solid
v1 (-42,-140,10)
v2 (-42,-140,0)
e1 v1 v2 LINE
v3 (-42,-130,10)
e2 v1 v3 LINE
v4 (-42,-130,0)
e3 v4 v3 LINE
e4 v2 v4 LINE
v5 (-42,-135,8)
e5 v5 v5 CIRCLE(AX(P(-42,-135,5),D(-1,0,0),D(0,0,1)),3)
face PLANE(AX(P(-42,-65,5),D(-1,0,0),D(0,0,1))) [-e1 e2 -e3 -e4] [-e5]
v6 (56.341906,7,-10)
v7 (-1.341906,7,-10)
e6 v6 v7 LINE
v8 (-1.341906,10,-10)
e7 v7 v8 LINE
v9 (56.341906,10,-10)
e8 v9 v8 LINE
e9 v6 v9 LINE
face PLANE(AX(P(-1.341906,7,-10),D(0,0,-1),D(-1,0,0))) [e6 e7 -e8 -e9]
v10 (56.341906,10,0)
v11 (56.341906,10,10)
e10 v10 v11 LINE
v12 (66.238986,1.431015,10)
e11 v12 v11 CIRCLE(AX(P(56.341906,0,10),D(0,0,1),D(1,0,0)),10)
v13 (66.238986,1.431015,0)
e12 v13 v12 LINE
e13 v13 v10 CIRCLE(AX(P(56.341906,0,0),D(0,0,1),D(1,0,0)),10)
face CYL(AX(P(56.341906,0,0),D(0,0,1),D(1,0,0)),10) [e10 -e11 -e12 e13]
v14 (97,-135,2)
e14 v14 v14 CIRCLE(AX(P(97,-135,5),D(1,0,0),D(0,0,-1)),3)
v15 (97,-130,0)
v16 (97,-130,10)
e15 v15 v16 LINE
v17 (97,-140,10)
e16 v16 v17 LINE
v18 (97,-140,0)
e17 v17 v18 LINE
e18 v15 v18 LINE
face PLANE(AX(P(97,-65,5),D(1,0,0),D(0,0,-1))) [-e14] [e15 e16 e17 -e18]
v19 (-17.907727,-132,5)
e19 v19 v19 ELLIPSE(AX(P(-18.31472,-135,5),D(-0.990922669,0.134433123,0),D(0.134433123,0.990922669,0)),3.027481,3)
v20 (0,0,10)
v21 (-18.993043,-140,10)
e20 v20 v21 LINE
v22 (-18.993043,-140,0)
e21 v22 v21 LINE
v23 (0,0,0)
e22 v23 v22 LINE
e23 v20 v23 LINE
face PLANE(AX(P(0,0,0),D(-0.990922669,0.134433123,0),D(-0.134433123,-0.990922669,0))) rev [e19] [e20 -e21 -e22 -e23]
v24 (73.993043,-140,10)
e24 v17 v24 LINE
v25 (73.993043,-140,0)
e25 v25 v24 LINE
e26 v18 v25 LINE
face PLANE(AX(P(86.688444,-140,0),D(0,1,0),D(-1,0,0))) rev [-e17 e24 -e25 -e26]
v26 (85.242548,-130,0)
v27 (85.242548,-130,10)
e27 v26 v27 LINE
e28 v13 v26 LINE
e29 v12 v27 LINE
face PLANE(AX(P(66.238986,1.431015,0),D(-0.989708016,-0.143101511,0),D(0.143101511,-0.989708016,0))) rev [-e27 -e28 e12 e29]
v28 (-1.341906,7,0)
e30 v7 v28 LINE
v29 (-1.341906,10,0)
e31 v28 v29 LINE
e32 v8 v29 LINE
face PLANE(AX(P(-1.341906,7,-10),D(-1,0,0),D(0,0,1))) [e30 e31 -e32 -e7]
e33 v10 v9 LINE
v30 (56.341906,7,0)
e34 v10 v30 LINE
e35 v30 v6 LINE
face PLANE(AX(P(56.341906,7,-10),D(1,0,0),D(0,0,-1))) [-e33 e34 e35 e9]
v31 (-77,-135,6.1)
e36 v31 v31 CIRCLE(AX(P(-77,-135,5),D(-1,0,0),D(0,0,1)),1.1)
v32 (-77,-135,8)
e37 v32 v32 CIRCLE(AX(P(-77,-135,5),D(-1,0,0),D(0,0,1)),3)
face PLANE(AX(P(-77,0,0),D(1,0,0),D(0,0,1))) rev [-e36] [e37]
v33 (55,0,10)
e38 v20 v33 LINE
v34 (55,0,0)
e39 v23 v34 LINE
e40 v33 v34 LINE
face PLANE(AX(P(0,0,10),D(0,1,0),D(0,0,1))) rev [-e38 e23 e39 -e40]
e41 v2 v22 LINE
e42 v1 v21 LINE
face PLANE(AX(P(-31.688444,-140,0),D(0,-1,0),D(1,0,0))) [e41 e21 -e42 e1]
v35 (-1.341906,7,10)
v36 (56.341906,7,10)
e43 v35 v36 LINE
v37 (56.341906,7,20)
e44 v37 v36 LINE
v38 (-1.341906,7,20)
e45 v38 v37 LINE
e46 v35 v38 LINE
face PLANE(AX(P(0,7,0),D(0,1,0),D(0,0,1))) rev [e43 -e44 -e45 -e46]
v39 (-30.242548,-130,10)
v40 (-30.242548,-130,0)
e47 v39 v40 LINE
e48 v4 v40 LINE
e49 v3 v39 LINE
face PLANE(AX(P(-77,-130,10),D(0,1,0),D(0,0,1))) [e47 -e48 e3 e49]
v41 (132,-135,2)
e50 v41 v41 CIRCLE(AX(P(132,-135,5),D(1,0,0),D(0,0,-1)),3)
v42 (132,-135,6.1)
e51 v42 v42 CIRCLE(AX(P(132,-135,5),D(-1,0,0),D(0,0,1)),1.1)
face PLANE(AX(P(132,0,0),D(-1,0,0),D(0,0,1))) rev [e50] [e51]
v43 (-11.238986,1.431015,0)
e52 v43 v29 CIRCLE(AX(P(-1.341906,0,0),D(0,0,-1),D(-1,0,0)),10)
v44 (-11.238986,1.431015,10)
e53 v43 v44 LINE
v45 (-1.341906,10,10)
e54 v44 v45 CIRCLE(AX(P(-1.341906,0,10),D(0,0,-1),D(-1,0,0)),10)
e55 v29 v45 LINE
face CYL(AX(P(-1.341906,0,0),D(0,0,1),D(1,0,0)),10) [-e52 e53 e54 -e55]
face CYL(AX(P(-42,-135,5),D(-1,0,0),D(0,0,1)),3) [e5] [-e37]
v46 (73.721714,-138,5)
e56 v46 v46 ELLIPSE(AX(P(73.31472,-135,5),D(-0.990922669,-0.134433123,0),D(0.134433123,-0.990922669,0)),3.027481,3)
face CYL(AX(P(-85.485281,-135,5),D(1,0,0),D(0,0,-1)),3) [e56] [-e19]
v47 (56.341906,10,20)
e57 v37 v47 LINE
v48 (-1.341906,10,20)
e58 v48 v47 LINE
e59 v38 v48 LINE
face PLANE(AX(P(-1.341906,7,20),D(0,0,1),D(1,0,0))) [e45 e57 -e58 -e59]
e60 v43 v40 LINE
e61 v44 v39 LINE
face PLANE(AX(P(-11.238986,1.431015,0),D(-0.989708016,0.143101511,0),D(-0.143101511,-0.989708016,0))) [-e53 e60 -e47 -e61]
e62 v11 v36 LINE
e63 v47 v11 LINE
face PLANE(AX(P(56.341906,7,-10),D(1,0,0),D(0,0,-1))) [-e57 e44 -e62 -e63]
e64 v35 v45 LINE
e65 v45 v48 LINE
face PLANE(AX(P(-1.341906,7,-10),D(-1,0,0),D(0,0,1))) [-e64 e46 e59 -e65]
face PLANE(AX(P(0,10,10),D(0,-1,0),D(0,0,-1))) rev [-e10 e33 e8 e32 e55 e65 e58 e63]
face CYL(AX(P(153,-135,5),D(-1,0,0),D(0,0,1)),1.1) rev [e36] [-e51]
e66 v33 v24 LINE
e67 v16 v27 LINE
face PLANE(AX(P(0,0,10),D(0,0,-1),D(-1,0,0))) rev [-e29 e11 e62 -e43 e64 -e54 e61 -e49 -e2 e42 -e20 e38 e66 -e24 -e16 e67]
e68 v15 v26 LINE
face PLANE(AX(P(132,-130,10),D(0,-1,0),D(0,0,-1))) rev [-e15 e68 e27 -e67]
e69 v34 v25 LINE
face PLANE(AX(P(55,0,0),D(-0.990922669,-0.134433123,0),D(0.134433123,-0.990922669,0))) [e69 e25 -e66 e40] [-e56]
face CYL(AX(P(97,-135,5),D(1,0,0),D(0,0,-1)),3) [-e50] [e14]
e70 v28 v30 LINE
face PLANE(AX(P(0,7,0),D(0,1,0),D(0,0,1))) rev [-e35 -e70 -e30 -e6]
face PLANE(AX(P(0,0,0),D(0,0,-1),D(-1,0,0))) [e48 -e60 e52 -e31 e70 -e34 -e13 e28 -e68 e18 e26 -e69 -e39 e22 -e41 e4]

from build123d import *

# Parameters (mm, degrees)
SKETCH1_W           = 55
SKETCH1_H           = 10
BOSS_EXTRUDE1_DEPTH = 10
BOSS_EXTRUDE2_DEPTH = 10
SKETCH6_W           = 10
SKETCH6_H           = 10
BOSS_EXTRUDE3_DEPTH = 52
SKETCH7_W           = 57.683812306
SKETCH7_H           = 30
BOSS_EXTRUDE4_DEPTH = 3
SKETCH9_OUTSIDE_W   = 83.8
SKETCH9_OUTSIDE_H   = 203.8
SKETCH9_OUTSIDE_R   = 3
CUT_EXTRUDE1_DEPTH  = 35
SKETCH10_OUTSIDE_W  = 83.8
SKETCH10_OUTSIDE_H  = 203.8
SKETCH10_OUTSIDE_R  = 3
CUT_EXTRUDE2_DEPTH  = 35
BOSS_EXTRUDE6_REACH = 254.351
SKETCH14_R          = 3
SKETCH15_R          = 1.1
CUT_EXTRUDE3_DEPTH  = 230


with BuildPart() as part:
    # Sketch1 → Boss-Extrude1 (new body)
    with BuildSketch(Plane.XY):
        with Locations((27.5, 5)):
            Rectangle(SKETCH1_W, SKETCH1_H)
    extrude(amount=BOSS_EXTRUDE1_DEPTH)

    # Sketch3 → Boss-Extrude2 (add)
    with BuildSketch(Plane.XY.offset(10)):
        with BuildLine():
            Line((0, 0), (-18.993043386, -140))
            Line((-18.993043386, -140), (-31.688443832, -140))
            Line((-31.688443832, -140), (-11.238986316, 1.431015115))
            ThreePointArc((-11.238986316, 1.431015115), (-7.887509596, 7.56009759), (-1.341906153, 10))
            Line((-1.341906153, 10), (0, 10))
            Line((0, 10), (0, 0))
        make_face()
    boss_extrude2 = extrude(amount=-BOSS_EXTRUDE2_DEPTH)

    # Mirror1: Boss-Extrude2 across plane
    add(boss_extrude2.mirror(Plane(origin=(27.5, 0, 0), x_dir=(0, 0, 1), z_dir=(1, 0, 0))))

    # Sketch6 → Boss-Extrude3 (add)
    with BuildSketch(Plane(origin=(80, 0, 0), x_dir=(0, 0, -1), z_dir=(1, 0, 0))):
        with Locations((-5, -135)):
            Rectangle(SKETCH6_W, SKETCH6_H)
    boss_extrude3 = extrude(amount=BOSS_EXTRUDE3_DEPTH)

    # Mirror2: Boss-Extrude3 across plane
    add(boss_extrude3.mirror(Plane(origin=(27.5, 0, 0), x_dir=(0, 0, 1), z_dir=(1, 0, 0))))

    # Sketch7 → Boss-Extrude4 (add)
    with BuildSketch(Plane(origin=(0, 10, 0), x_dir=(1, 0, 0), z_dir=(0, 1, 0))):
        with Locations((27.5, -5)):
            Rectangle(SKETCH7_W, SKETCH7_H)
    extrude(amount=-BOSS_EXTRUDE4_DEPTH)

    # Sketch9 outside → Cut-Extrude1 (cut)
    with BuildSketch(Plane.ZY.offset(77)):
        with Locations((5, -65)):
            Rectangle(SKETCH9_OUTSIDE_W, SKETCH9_OUTSIDE_H)
        with Locations((5, -135)):
            Circle(SKETCH9_OUTSIDE_R, mode=Mode.SUBTRACT)
    extrude(amount=-CUT_EXTRUDE1_DEPTH, mode=Mode.SUBTRACT)

    # Sketch10 outside → Cut-Extrude2 (cut)
    with BuildSketch(Plane(origin=(132, 0, 0), x_dir=(0, 0, -1), z_dir=(1, 0, 0))):
        with Locations((-5, -65)):
            Rectangle(SKETCH10_OUTSIDE_W, SKETCH10_OUTSIDE_H)
        with Locations(Location((-5, -135, 0), (0, 0, 180))):
            Circle(SKETCH10_OUTSIDE_R, mode=Mode.SUBTRACT)
    extrude(amount=-CUT_EXTRUDE2_DEPTH, mode=Mode.SUBTRACT)

    # Boss-Extrude6: up to this plane
    boss_extrude6_end = Plane(origin=(0, 0, 0), z_dir=(-0.9909226687301317, 0.13443312313843575, 0))
    # Sketch14 → Boss-Extrude6 (add, up to the surface)
    with BuildSketch(Plane(origin=(132, 0, 0), x_dir=(0, 0, -1), z_dir=(1, 0, 0)), mode=Mode.PRIVATE) as boss_extrude6_sk1:
        with Locations(Location((-5, -135, 0), (0, 0, 180))):
            Circle(SKETCH14_R)
    boss_extrude6_tool1 = split(extrude(boss_extrude6_sk1.sketch, amount=-BOSS_EXTRUDE6_REACH, mode=Mode.PRIVATE), bisect_by=boss_extrude6_end, keep=Keep.BOTH, mode=Mode.PRIVATE)
    add(boss_extrude6_tool1.solids().sort_by_distance((132, -135, 5))[0])

    # Sketch15 → Cut-Extrude3 (cut)
    with BuildSketch(Plane.ZY.offset(77)):
        with Locations((5, -135)):
            Circle(SKETCH15_R)
    extrude(amount=-CUT_EXTRUDE3_DEPTH, mode=Mode.SUBTRACT)


solid = part.part
